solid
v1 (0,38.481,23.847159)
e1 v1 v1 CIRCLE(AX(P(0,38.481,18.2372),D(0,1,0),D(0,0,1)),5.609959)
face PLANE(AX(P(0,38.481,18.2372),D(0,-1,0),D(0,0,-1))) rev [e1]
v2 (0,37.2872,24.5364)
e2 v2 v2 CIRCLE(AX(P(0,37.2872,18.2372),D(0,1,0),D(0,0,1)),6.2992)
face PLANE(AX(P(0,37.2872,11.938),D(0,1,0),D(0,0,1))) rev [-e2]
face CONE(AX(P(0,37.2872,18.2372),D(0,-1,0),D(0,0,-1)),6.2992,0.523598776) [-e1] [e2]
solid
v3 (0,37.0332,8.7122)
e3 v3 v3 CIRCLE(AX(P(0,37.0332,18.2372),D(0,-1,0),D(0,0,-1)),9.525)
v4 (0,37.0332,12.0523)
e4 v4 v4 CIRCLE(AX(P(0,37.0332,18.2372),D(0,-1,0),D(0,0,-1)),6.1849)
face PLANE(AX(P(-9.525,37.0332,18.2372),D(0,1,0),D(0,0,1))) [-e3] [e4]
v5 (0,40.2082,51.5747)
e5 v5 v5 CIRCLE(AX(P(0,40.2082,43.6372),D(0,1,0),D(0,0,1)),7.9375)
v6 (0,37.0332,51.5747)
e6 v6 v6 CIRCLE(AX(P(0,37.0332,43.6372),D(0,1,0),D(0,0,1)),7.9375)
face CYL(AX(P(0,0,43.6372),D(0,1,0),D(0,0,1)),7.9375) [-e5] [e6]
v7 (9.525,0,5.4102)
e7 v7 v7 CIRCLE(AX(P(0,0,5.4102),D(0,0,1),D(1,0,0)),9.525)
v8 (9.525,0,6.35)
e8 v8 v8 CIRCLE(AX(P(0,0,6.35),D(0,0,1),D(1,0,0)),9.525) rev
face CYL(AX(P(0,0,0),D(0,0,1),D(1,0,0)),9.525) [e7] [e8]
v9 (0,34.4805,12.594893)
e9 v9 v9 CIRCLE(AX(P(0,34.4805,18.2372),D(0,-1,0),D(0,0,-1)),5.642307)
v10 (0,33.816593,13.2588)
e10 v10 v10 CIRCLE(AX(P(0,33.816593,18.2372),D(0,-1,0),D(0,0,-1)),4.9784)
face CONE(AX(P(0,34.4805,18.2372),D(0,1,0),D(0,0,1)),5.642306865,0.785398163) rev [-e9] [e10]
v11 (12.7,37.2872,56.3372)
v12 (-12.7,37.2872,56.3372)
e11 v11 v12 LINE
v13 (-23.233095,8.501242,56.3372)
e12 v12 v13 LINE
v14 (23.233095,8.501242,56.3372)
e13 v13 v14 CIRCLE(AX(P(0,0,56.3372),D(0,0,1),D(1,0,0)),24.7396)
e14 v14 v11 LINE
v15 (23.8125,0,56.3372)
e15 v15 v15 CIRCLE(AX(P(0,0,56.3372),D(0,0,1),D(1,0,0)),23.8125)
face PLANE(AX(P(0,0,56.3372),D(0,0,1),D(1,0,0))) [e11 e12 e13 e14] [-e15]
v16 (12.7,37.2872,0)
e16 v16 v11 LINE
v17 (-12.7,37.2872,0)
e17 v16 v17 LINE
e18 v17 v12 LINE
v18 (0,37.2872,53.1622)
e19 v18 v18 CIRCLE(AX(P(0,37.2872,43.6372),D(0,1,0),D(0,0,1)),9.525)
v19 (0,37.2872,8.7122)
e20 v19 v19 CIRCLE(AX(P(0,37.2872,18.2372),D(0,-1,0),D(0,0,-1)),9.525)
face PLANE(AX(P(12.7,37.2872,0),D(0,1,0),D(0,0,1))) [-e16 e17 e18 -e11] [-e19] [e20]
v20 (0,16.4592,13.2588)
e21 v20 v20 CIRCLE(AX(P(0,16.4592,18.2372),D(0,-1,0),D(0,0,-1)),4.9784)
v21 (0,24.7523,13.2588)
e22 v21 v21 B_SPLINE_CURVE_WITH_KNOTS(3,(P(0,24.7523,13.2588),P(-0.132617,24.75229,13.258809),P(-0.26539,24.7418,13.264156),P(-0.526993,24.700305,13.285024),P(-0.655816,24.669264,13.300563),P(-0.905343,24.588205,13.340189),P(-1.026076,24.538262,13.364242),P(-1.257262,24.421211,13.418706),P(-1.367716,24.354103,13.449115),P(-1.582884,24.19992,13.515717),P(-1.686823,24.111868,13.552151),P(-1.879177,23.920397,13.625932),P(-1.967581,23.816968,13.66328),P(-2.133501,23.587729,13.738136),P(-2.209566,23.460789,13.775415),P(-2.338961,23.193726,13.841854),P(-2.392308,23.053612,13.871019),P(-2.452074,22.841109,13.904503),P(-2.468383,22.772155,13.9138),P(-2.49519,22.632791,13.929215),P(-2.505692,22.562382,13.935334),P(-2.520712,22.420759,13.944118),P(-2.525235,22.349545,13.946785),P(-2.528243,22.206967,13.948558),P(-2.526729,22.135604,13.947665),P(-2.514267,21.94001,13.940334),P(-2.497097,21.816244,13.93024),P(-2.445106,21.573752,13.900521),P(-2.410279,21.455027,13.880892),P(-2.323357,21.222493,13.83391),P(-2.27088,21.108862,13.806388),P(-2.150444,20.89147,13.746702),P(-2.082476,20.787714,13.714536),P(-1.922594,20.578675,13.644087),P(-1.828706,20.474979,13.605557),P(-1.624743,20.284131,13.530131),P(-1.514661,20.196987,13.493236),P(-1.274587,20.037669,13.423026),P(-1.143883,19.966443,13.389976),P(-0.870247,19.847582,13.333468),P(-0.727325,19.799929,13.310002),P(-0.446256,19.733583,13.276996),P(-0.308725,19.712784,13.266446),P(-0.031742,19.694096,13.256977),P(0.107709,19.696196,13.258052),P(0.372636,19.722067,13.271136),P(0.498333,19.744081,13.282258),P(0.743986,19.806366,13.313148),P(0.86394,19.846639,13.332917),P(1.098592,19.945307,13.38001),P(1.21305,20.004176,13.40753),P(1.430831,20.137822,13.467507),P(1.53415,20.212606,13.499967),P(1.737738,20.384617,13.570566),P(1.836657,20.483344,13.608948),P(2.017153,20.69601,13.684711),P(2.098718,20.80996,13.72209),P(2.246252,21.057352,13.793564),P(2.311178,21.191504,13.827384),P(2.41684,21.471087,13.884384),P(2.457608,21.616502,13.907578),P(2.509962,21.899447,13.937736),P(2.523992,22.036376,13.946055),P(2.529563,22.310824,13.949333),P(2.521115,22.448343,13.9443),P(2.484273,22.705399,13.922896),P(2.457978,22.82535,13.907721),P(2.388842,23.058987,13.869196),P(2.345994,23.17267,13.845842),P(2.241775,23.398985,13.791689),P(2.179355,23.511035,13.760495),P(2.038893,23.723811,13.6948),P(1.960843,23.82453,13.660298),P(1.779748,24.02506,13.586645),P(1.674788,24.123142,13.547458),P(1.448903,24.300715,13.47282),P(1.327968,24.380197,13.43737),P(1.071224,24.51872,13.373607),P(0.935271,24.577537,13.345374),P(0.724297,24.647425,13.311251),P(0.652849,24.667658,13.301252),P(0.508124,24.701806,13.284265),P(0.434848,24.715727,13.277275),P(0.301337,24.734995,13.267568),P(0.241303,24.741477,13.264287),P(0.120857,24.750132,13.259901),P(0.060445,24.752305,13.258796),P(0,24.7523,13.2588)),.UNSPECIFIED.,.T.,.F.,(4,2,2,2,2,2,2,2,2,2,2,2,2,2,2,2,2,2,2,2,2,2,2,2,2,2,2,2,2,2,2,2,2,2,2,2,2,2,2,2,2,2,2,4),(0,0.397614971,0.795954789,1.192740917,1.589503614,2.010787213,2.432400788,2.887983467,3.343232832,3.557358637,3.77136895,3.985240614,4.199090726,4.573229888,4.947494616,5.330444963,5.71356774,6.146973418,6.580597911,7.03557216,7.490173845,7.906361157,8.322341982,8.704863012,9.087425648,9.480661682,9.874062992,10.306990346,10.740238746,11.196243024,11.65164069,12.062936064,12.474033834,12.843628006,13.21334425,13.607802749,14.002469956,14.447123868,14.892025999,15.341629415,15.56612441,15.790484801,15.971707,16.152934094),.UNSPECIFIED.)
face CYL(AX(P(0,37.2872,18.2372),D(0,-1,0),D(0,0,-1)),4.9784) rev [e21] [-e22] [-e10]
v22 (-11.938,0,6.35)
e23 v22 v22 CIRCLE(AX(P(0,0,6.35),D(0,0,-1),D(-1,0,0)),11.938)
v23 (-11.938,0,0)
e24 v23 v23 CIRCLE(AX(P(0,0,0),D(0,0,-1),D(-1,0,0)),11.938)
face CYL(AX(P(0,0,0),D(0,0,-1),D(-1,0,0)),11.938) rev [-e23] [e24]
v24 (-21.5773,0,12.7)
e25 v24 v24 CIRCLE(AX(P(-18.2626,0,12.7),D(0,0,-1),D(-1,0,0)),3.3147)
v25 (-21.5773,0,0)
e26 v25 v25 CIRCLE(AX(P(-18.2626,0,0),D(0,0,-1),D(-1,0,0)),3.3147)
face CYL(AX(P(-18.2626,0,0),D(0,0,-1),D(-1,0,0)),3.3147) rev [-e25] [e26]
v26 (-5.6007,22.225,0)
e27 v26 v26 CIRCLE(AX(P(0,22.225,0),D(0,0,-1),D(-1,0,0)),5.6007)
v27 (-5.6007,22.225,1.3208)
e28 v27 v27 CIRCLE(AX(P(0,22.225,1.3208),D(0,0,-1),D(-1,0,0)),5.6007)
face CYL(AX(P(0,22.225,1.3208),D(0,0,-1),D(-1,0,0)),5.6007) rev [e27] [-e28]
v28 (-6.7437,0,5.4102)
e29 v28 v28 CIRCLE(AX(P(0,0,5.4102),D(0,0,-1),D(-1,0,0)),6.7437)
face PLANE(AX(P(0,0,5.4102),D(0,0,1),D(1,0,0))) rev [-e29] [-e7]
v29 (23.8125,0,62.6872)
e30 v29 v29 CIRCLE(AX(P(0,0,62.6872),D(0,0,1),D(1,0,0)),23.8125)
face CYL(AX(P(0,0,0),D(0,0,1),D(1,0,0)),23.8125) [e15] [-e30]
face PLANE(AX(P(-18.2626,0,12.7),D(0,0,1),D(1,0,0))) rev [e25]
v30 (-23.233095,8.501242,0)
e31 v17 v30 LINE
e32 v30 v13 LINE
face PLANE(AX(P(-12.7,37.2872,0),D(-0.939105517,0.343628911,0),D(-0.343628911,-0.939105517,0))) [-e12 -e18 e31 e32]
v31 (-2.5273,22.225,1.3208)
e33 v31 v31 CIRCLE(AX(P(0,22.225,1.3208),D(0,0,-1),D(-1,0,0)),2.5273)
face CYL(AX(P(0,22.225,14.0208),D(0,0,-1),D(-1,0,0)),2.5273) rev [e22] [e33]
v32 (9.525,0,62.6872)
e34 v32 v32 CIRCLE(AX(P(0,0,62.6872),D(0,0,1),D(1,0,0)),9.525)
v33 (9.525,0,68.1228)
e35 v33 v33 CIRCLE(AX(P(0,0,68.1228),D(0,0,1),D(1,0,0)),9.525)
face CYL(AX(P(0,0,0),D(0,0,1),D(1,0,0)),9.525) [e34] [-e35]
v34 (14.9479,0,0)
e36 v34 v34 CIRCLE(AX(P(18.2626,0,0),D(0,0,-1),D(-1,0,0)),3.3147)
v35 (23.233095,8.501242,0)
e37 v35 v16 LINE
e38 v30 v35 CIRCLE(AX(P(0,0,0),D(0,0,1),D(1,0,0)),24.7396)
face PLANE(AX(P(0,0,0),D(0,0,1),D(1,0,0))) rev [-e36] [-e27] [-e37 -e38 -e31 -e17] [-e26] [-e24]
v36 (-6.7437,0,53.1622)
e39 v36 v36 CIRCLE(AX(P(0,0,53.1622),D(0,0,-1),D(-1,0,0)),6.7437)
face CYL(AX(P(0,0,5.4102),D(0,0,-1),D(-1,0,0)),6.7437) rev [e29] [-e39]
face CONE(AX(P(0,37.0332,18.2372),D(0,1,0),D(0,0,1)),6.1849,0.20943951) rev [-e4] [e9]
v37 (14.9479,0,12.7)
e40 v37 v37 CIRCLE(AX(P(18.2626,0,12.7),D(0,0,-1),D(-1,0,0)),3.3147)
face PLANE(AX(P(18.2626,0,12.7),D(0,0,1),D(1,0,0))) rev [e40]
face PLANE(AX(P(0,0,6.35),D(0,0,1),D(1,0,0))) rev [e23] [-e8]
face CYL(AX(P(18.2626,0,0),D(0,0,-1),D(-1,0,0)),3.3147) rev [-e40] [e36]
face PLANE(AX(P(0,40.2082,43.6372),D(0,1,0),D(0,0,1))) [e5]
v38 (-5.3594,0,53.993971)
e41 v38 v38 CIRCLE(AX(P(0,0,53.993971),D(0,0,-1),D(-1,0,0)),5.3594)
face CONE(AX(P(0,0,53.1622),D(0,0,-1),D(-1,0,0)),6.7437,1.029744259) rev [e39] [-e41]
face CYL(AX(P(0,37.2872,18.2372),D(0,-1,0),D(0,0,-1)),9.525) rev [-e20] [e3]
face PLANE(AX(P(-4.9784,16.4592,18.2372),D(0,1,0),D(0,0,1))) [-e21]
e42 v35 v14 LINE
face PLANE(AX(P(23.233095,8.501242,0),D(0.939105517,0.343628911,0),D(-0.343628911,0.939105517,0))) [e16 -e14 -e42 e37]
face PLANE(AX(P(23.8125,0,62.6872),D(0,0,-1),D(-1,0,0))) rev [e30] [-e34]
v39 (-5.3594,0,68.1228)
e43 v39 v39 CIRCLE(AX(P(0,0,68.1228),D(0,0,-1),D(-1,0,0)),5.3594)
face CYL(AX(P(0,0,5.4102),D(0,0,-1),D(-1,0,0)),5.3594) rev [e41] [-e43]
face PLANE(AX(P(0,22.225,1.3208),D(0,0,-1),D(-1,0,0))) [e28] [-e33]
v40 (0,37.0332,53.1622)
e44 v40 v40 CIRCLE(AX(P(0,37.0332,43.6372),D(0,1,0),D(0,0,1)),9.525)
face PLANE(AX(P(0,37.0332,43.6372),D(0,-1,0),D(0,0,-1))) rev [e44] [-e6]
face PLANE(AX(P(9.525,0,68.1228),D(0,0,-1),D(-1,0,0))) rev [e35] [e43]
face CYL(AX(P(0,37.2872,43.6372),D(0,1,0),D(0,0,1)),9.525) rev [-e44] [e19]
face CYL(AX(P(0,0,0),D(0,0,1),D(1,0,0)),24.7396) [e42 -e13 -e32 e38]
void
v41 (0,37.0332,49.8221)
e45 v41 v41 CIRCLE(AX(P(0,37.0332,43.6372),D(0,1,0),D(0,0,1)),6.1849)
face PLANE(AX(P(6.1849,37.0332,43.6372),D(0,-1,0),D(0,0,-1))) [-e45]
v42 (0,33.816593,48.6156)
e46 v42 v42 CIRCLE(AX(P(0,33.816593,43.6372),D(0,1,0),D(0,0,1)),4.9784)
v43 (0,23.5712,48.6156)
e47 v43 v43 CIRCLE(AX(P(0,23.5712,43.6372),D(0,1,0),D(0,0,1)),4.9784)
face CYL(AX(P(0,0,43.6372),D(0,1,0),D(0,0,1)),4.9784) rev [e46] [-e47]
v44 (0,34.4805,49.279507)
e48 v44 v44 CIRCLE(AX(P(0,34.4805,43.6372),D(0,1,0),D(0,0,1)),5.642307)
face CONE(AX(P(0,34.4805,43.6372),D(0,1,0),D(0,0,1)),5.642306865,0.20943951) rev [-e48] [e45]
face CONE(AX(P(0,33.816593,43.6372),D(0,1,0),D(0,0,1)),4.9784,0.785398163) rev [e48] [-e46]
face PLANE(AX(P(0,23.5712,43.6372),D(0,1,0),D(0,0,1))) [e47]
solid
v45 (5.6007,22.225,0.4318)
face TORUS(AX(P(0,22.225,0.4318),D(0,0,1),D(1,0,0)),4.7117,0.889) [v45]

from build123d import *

# Parameters (mm, degrees)
EXTRUDE1_DEPTH     = 56.3372
HOLE1_D            = 19.05
HOLE1_DEPTH        = 0.254
HOLE2_D            = 23.876
HOLE2_DEPTH        = 6.35
SKETCH6_W          = 9.525
SKETCH6_H          = 0.9398
SKETCH8_W          = 7.9375
SKETCH8_H          = 3.175
HOLE3_D            = 6.6294
HOLE3_DEPTH        = 12.7
CIRPATTERN1_COUNT  = 2
SKETCH17_R         = 5.6007
CUT_EXTRUDE1_DEPTH = 1.3208
SKETCH18_R         = 2.5273
CUT_EXTRUDE2_DEPTH = 12.7
SKETCH19_R         = 0.889


with BuildPart() as part:
    # Sketch1 → Extrude1 (new body)
    with BuildSketch(Plane.XY.offset(56.3372)):
        with BuildLine():
            Line((23.233094839, 8.501241812), (12.7, 37.2872))
            Line((12.7, 37.2872), (-12.7, 37.2872))
            Line((-12.7, 37.2872), (-23.233094839, 8.501241812))
            ThreePointArc((-23.233094839, 8.501241812), (0, -24.7396), (23.233094839, 8.501241812))
        make_face()
    extrude(amount=-EXTRUDE1_DEPTH)

    # Hole1
    with Locations(Plane(origin=(0, 37.2872, 0), x_dir=(-1, 0, 0), z_dir=(0, 1, 0))):
        with Locations((0, 43.6372)):
            Hole(HOLE1_D / 2, depth=HOLE1_DEPTH)

    # Hole2
    with Locations(Plane(origin=(0, 0, 0), x_dir=(-1, 0, 0), z_dir=(0, 0, -1))):
        with Locations((0, 0)):
            Hole(HOLE2_D / 2, depth=HOLE2_DEPTH)

    # Sketch7 → Revolve2 (revolve)
    with BuildSketch(Plane.XZ):
        Polygon((9.525, 68.1228), (0, 68.1228), (0, 56.3372), (23.8125, 56.3372), (23.8125, 62.6872), (9.525, 62.6872), align=None)
    revolve(axis=Axis((0, 0, 0), (0, 0, 1)))

    # Sketch6 → Revolve1 (revolve)
    with BuildSketch(Plane.XZ):
        with Locations((4.7625, 5.8801)):
            Rectangle(SKETCH6_W, SKETCH6_H)
    revolve(axis=Axis((0, 0, 0), (0, 0, 1)))

    # Sketch8 → Revolve3 (revolve)
    with BuildSketch(Plane(origin=(0, 0, 32.639), x_dir=(0, 0, -1), z_dir=(1, 0, 0))):
        with Locations((-14.96695, 38.6207)):
            Rectangle(SKETCH8_W, SKETCH8_H)
    revolve(axis=Axis((0, 0, 43.6372), (0, 1, 0)))

    # Sketch9 → Cut-Revolve1 (revolve, cut)
    with BuildSketch(Plane.XY.offset(18.2372), mode=Mode.PRIVATE) as cut_revolve1_sk:
        Polygon((-4.9784, 16.4592), (0, 16.4592), (0, 37.2872), (-9.525, 37.2872), (-9.525, 37.0332), (-6.1849, 37.0332), (-5.642306865, 34.4805), (-4.9784, 33.816593135), align=None)
    revolve(cut_revolve1_sk.sketch.rotate(Axis((0, 37.2872, 18.2372), (0, -1, 0)), 90), axis=Axis((0, 37.2872, 18.2372), (0, -1, 0)), mode=Mode.SUBTRACT)  # turned: the seam where the file's is

    # Sketch10 → Cut-Revolve2 (revolve, cut)
    with BuildSketch(Plane.XY.offset(43.6372), mode=Mode.PRIVATE) as cut_revolve2_sk:
        Polygon((6.1849, 37.0332), (0, 37.0332), (0, 23.5712), (4.9784, 23.5712), (4.9784, 33.816593135), (5.642306865, 34.4805), align=None)
    revolve(cut_revolve2_sk.sketch.rotate(Axis((0, 0, 43.6372), (0, 1, 0)), 270), axis=Axis((0, 0, 43.6372), (0, 1, 0)), mode=Mode.SUBTRACT)  # turned: the seam where the file's is

    # Hole3
    with Locations(Plane(origin=(0, 0, 0), x_dir=(-1, 0, 0), z_dir=(0, 0, -1))):
        with Locations((-18.2626, 0)):
            hole3 = Hole(HOLE3_D / 2, depth=HOLE3_DEPTH)

    # CirPattern1: Hole3 ×2 about axis
    cirpattern1_axis = Axis((0, 0, 0), (0, 0, 1))
    for i in range(1, CIRPATTERN1_COUNT):
        add(hole3.rotate(cirpattern1_axis, i * 360 / CIRPATTERN1_COUNT), mode=Mode.SUBTRACT)

    # Sketch15 → Hole5 (revolve, cut)
    with BuildSketch(Plane(origin=(0, 0, 5.4102), x_dir=(0, 1, 0), z_dir=(1, 0, 0))):
        Polygon((0, 0), (0, 62.7126), (5.3594, 62.7126), (5.3594, 48.583771355), (6.7437, 47.752), (6.7437, 0), align=None)
    revolve(axis=Axis((0, 0, -0.719823899), (0, 0, 1)), mode=Mode.SUBTRACT)

    # Sketch17 → Cut-Extrude1 (cut)
    with BuildSketch(Plane(origin=(0, 0, 0), x_dir=(-1, 0, 0), z_dir=(0, 0, -1))):
        with Locations((0, 22.225)):
            Circle(SKETCH17_R)
    extrude(amount=-CUT_EXTRUDE1_DEPTH, mode=Mode.SUBTRACT)

    # Sketch18 → Cut-Extrude2 (cut)
    with BuildSketch(Plane(origin=(0, 0, 1.3208), x_dir=(-1, 0, 0), z_dir=(0, 0, -1))):
        with Locations((0, 22.225)):
            Circle(SKETCH18_R)
    extrude(amount=-CUT_EXTRUDE2_DEPTH, mode=Mode.SUBTRACT)


with BuildPart() as body_2:
    # Sketch19 → Revolve4 (revolve)
    with BuildSketch(Plane(origin=(0, 0, 0), x_dir=(0, 0, -1), z_dir=(1, 0, 0)), mode=Mode.PRIVATE) as revolve4_sk:
        with Locations((-0.4318, 26.9367)):
            Circle(SKETCH19_R)
    revolve(revolve4_sk.sketch.rotate(Axis((0, 22.225, 14.0208), (0, 0, -1)), 270), axis=Axis((0, 22.225, 14.0208), (0, 0, -1)))  # turned: the seam where the file's is


with BuildPart() as body_3:
    # Sketch20 → Revolve5 (revolve)
    with BuildSketch(Plane(origin=(0, 0, 0), x_dir=(0, 0, -1), z_dir=(1, 0, 0))):
        Polygon((-18.2372, 38.481), (-12.627240751, 38.481), (-11.938, 37.2872), (-18.2372, 37.2872), align=None)
    revolve(axis=Axis((0, 41.05444959, 18.2372), (0, -1, 0)))


solid = Compound([part.part, body_2.part, body_3.part])
